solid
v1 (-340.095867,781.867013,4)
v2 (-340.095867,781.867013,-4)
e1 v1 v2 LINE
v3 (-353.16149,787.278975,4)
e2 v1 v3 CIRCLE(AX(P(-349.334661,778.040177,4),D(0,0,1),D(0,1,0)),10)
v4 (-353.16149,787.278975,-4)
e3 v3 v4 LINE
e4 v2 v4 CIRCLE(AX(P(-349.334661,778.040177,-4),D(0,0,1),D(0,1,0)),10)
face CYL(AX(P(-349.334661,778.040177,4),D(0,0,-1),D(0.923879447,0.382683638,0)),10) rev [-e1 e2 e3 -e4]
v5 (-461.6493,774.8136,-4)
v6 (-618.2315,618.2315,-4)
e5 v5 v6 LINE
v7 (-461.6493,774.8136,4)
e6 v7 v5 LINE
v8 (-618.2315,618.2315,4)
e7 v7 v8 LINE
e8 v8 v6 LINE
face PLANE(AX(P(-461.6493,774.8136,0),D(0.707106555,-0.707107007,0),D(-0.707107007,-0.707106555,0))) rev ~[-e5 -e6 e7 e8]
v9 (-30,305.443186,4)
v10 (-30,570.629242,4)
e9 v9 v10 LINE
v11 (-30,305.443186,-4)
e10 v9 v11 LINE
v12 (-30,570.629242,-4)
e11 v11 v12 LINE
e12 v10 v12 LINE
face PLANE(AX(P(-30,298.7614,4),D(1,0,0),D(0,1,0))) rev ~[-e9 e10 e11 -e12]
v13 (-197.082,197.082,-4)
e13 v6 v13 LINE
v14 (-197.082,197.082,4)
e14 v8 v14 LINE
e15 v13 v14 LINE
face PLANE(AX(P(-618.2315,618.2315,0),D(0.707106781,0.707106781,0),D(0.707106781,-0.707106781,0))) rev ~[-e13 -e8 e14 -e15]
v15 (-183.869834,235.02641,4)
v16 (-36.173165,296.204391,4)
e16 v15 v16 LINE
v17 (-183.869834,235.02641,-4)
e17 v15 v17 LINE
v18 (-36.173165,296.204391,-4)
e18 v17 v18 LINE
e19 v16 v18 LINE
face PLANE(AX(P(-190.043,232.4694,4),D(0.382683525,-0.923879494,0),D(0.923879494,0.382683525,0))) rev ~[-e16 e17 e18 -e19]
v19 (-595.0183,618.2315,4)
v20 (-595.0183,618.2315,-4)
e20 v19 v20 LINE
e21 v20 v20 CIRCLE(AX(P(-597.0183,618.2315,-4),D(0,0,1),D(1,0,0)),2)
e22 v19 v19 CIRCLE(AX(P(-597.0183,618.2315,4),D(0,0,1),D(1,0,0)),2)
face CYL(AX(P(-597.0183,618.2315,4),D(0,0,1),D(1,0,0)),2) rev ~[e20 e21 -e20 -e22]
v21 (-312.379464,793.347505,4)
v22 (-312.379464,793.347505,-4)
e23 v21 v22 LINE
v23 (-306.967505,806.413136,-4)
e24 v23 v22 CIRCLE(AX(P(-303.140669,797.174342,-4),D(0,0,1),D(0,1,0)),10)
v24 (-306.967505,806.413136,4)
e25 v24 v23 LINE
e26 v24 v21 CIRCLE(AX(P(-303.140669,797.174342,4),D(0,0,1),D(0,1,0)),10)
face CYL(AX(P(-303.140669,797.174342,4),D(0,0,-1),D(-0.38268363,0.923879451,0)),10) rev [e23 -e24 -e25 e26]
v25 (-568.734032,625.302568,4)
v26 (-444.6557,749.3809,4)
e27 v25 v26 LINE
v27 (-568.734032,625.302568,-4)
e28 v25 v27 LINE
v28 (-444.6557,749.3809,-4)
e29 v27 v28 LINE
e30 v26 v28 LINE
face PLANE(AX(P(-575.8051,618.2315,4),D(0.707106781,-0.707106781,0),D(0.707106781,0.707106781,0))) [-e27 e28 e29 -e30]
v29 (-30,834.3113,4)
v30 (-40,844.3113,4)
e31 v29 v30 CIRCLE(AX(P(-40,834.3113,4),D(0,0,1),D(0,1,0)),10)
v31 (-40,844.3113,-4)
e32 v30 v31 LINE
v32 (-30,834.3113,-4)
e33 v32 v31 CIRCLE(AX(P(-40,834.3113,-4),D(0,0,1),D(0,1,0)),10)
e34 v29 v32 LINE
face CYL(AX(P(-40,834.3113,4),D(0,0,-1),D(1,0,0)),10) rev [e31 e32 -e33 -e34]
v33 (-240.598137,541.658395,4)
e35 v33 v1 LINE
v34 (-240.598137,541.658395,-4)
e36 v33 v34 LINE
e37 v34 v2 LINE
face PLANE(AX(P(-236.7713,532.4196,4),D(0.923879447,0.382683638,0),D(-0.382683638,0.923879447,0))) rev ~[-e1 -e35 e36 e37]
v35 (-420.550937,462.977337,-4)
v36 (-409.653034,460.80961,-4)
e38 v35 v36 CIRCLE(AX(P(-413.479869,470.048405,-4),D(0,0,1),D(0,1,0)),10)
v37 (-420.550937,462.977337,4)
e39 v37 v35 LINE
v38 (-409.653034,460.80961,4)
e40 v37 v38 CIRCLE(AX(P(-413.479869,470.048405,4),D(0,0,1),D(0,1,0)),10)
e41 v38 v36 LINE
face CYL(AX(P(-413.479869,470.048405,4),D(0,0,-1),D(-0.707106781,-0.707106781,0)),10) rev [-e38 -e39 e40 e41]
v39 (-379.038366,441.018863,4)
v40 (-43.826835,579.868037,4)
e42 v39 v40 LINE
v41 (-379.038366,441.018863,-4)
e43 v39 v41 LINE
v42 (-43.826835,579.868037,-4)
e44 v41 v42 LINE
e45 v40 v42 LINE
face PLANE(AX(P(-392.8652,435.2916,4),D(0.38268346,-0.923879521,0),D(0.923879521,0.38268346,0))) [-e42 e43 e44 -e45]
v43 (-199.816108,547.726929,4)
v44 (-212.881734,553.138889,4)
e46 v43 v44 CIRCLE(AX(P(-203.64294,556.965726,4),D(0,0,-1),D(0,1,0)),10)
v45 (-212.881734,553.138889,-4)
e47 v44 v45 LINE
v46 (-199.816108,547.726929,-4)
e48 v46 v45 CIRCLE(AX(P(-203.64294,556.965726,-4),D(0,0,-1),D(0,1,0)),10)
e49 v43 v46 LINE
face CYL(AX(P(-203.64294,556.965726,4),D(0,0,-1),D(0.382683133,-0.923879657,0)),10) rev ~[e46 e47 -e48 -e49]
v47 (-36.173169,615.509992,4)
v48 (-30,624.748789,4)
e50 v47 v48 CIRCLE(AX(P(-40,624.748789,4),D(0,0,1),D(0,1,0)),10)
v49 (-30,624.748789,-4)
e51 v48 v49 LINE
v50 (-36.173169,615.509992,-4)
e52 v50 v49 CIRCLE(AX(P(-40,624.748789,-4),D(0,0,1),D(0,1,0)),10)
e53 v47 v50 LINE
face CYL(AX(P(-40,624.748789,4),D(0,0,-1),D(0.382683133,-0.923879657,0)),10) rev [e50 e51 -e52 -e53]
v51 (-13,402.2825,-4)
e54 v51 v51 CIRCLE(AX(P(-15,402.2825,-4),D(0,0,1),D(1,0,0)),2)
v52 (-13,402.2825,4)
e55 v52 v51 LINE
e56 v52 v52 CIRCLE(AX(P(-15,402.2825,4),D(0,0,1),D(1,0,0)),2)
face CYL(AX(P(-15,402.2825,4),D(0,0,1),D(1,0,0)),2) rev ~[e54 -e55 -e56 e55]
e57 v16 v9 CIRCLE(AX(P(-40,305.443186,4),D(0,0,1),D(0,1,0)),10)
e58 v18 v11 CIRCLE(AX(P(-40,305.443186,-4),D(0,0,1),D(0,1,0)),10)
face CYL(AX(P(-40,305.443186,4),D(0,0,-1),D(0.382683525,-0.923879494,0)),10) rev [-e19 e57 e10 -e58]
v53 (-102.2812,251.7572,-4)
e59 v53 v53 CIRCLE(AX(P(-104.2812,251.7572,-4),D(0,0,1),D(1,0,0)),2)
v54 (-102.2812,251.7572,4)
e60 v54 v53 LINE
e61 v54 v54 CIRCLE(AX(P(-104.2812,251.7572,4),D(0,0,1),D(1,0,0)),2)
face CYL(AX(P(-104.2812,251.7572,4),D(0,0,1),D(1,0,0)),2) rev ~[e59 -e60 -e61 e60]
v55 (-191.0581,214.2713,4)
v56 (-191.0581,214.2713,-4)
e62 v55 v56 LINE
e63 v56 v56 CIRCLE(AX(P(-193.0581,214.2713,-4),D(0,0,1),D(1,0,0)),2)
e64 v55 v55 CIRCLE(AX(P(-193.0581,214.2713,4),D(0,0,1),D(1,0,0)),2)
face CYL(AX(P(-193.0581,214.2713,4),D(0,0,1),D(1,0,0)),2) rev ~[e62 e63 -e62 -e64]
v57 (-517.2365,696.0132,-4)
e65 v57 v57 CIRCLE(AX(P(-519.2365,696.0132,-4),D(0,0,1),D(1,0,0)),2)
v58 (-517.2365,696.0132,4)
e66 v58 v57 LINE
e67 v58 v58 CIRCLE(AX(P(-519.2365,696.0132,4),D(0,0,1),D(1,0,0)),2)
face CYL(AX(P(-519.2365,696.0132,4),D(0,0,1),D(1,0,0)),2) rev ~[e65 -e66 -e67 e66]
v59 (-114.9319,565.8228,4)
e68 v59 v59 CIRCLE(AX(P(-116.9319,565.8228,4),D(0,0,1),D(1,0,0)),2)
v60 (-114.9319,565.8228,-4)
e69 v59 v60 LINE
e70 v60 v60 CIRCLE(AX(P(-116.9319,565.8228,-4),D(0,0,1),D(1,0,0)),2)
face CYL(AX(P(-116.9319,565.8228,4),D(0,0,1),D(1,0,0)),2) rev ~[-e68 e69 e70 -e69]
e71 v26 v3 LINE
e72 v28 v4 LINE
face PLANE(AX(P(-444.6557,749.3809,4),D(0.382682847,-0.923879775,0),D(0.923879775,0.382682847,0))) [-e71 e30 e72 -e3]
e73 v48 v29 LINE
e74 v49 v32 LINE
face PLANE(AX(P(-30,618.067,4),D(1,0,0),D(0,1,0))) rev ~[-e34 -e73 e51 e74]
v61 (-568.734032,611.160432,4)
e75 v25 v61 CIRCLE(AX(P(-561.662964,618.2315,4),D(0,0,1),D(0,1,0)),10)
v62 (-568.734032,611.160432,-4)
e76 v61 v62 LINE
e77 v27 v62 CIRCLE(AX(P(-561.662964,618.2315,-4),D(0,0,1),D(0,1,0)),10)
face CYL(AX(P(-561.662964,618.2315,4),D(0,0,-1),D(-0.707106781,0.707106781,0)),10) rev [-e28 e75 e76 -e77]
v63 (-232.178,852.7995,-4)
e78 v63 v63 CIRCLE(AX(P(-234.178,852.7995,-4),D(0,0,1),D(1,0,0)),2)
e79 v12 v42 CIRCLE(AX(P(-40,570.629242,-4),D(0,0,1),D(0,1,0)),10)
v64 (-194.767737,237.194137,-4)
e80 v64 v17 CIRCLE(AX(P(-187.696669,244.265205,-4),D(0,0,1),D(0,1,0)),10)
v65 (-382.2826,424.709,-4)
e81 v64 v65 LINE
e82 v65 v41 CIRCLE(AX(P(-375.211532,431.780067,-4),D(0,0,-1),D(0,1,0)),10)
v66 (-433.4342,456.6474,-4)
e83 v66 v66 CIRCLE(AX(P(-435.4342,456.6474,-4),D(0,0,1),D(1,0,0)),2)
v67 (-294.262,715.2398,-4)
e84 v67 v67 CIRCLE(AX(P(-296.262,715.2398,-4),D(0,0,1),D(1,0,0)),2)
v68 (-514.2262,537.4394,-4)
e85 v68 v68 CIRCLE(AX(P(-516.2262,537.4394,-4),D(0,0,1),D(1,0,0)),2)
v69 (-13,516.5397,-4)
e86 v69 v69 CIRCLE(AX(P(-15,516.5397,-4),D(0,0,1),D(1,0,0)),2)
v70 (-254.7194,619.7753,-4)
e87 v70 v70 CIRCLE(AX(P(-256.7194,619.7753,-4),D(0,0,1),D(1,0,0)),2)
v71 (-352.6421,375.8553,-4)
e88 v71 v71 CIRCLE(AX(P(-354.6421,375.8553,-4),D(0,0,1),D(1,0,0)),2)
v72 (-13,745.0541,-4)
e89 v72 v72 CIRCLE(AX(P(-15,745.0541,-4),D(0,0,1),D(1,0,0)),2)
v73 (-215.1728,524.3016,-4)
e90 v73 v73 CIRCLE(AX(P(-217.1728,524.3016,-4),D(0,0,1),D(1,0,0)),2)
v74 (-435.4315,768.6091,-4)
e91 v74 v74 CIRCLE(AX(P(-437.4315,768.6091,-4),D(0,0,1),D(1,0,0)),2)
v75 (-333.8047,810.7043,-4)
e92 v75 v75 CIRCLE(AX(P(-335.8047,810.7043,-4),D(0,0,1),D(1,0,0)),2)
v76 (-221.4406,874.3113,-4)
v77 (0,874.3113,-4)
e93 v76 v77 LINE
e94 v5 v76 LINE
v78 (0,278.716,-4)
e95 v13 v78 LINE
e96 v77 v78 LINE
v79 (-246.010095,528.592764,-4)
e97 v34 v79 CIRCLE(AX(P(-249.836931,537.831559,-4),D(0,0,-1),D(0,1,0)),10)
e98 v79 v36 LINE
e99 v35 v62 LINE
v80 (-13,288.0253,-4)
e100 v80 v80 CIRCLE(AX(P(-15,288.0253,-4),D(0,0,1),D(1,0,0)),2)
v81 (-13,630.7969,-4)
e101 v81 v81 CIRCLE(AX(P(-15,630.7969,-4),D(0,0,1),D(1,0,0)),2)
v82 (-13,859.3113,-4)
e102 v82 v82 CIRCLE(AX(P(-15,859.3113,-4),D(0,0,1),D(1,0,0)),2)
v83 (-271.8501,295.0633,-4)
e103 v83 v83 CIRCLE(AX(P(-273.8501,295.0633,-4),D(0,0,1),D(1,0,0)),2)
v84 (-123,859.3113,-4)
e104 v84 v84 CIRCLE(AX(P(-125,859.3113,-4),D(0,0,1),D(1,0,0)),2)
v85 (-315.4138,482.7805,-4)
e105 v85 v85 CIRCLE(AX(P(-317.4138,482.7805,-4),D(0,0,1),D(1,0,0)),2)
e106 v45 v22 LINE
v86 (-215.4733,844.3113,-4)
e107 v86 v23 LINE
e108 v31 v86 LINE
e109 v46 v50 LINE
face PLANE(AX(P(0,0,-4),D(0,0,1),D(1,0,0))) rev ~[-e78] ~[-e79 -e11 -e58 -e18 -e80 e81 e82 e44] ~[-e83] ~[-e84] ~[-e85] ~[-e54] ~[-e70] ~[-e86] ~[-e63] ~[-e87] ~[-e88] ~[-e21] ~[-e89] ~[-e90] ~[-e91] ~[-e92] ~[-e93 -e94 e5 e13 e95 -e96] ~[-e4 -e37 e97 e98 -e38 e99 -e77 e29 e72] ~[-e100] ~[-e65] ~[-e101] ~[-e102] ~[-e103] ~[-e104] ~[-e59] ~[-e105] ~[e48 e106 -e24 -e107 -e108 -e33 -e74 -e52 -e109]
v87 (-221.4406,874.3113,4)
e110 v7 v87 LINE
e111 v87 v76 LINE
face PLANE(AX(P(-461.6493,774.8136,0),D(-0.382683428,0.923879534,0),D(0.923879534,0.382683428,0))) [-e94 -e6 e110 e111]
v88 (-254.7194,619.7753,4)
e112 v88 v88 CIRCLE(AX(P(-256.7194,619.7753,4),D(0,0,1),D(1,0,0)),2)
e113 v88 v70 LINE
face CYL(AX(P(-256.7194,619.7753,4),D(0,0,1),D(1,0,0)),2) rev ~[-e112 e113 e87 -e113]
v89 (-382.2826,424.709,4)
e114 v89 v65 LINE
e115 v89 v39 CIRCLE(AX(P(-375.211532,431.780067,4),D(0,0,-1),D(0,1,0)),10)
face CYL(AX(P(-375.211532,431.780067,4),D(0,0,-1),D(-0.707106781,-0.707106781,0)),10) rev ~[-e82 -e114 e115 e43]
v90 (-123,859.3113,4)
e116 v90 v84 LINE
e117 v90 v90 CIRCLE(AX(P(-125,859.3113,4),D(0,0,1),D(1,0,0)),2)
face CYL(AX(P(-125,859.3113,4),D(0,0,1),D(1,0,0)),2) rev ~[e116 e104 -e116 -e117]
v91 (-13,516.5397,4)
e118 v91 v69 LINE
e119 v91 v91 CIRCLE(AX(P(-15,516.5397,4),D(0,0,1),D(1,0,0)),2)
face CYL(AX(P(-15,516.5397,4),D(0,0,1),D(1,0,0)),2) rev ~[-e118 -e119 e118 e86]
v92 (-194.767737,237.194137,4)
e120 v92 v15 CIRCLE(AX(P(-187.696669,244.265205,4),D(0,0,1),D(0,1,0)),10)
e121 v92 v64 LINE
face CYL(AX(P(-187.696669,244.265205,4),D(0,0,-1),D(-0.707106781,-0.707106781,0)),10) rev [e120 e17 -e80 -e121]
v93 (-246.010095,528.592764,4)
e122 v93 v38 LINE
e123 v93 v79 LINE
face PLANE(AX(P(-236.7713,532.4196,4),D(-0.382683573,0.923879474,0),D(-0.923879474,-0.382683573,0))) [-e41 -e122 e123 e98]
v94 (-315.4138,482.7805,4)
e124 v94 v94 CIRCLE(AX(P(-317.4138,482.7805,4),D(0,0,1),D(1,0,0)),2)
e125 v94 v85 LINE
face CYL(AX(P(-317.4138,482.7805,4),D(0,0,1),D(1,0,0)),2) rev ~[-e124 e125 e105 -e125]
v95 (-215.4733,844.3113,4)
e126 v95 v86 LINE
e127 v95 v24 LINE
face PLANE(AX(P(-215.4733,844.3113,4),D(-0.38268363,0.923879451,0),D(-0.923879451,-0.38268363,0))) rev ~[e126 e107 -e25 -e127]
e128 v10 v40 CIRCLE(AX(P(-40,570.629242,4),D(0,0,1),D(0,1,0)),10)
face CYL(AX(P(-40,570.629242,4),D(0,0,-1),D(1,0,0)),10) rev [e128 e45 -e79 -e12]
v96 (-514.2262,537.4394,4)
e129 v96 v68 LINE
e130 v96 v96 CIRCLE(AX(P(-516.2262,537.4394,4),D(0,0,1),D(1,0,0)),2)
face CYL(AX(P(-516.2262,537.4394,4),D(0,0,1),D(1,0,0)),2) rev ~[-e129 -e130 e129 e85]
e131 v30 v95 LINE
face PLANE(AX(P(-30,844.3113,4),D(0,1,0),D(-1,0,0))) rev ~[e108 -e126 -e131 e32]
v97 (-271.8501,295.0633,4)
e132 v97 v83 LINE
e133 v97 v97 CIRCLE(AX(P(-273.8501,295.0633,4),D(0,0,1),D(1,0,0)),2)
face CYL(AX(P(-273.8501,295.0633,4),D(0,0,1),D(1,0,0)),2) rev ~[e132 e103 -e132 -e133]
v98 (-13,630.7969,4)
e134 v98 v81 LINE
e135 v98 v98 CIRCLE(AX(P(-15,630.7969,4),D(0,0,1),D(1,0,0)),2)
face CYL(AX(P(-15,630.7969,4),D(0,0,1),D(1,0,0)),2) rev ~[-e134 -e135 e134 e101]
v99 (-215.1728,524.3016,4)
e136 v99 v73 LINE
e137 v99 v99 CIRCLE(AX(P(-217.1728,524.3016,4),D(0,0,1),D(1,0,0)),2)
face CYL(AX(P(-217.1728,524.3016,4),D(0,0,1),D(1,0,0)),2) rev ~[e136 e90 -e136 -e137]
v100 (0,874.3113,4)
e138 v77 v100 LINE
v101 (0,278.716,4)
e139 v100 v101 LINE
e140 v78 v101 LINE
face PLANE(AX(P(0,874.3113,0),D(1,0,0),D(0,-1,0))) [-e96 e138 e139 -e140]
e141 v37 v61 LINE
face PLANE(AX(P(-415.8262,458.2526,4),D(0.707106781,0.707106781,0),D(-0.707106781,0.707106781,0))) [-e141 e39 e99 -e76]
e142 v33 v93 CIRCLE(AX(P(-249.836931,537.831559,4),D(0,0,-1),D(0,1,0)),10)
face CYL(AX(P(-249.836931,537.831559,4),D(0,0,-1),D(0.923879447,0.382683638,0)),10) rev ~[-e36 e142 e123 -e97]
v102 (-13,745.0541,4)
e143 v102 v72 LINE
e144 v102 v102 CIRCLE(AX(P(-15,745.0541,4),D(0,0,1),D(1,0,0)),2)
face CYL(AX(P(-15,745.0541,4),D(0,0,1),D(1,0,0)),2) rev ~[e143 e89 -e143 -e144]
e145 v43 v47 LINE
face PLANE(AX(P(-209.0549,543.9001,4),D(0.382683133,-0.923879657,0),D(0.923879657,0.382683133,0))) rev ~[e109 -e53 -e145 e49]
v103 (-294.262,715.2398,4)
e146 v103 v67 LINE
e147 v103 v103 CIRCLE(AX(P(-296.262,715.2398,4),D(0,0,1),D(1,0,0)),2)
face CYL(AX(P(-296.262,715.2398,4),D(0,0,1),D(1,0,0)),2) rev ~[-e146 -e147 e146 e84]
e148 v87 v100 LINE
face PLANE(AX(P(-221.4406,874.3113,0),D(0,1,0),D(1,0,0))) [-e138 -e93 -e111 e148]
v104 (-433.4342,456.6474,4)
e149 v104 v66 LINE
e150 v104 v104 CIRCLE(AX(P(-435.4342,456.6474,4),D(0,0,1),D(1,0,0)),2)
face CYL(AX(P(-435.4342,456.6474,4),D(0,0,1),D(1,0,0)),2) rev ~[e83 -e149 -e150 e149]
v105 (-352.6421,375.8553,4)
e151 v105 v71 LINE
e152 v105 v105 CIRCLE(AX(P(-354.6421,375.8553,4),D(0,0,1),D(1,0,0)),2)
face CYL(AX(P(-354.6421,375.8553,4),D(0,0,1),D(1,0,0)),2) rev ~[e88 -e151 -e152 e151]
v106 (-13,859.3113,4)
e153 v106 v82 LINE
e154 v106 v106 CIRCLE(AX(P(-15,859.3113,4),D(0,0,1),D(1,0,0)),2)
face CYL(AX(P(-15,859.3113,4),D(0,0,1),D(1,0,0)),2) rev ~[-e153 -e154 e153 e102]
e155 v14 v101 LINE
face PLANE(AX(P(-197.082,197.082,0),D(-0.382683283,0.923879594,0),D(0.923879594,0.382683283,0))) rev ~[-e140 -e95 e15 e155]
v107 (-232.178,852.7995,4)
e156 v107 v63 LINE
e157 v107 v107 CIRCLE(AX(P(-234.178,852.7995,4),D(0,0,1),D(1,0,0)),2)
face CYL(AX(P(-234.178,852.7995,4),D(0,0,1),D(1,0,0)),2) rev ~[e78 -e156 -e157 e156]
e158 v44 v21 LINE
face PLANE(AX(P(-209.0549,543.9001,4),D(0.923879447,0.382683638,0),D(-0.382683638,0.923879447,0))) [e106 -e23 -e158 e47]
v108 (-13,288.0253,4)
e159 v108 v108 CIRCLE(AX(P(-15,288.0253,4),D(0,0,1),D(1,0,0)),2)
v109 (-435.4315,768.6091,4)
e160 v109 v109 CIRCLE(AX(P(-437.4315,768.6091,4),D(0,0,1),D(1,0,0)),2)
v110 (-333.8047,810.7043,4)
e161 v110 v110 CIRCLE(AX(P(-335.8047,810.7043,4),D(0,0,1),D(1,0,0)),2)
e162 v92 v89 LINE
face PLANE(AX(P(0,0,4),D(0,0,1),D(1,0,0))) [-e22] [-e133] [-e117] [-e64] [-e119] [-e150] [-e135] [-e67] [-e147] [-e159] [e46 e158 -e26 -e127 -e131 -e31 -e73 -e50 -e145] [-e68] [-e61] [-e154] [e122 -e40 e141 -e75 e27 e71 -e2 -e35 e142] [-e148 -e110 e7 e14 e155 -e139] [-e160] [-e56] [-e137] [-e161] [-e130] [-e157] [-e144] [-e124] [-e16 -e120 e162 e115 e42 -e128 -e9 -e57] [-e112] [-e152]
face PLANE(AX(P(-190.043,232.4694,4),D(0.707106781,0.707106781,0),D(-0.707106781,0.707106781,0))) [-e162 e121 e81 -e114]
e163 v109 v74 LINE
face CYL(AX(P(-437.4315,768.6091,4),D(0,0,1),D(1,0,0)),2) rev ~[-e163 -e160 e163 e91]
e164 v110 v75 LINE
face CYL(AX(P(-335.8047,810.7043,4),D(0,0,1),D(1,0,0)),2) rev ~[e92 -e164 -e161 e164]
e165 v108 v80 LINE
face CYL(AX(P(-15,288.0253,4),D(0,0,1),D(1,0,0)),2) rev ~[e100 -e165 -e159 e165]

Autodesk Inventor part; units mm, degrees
ref_plane "YZ Plane" through (0, 0, 0) normal (1, 0, 0) x (0, 1, 0)
ref_plane "XZ Plane" through (0, 0, 0) normal (0, 1, 0) x (-1, 0, 0)
ref_plane "XY Plane" through (0, 0, 0) normal (0, 0, 1) x (1, 0, 0)
sketch "Sketch1" plane through (0, 0, 0) normal (0, 0, 1) x (1, 0, 0)
  line L0 (0, 278.716) -> (197.082, 197.082) construction
  line L1 (197.082, 197.082) -> (278.716, 0) construction
  line L2 (278.716, 0) -> (197.082, -197.082) construction
  line L3 (197.082, -197.082) -> (0, -278.716) construction
  line L4 (0, -278.716) -> (-197.082, -197.082) construction
  line L5 (-197.082, -197.082) -> (-278.716, 0) construction
  line L6 (-278.716, 0) -> (-197.082, 197.082) construction
  line L7 (-197.082, 197.082) -> (0, 278.716)
  line L8 (-197.082, 197.082) -> (0, 278.716)
  line L9 (-461.6493, 774.8136) -> (-221.4406, 874.3113)
  line L10 (-98.541, 237.899) -> (-341.545, 824.5625) construction
  line L11 (-221.4406, 874.3113) -> (0, 874.3113)
  line L12 (0, 874.3113) -> (0, 278.716)
  line L13 (-461.6493, 774.8136) -> (-618.2315, 618.2315)
  line L14 (-618.2315, 618.2315) -> (-197.082, 197.082)
  point P0 (0, 0)
  point P1 (0, 0)
  dimension "d0" = 515
  dimension "d2" = 260
  dimension "d3" = 635
extrude "Extrusion1" add sketch "Sketch1" along normal mid plane 8
sketch "Sketch2" plane through (0, 0, 4) normal (0, 0, 1) x (1, 0, 0)
  line L0 (-221.4406, 874.3113) -> (-461.6493, 774.8136) projected
  line L1 (-461.6493, 774.8136) -> (-618.2315, 618.2315) projected
  line L2 (-236.7713, 532.4196) -> (-415.8262, 458.2526)
  line L3 (-197.082, 197.082) -> (0, 278.716) projected
  line L4 (-98.541, 237.899) -> (-341.545, 824.5625) construction
  line L5 (-618.2315, 618.2315) -> (-197.082, 197.082) projected
  line L6 (-415.8262, 458.2526) -> (-575.8051, 618.2315)
  line L7 (-575.8051, 618.2315) -> (-444.6557, 749.3809)
  line L8 (-444.6557, 749.3809) -> (-343.9227, 791.1058)
  line L9 (-236.7713, 532.4196) -> (-343.9227, 791.1058)
  line L10 (-209.0549, 543.9001) -> (-30, 618.067)
  line L11 (-30, 618.067) -> (-30, 844.3113)
  line L12 (-30, 844.3113) -> (-215.4733, 844.3113)
  line L13 (-215.4733, 844.3113) -> (-316.2063, 802.5863)
  line L14 (-209.0549, 543.9001) -> (-316.2063, 802.5863)
  line L15 (0, 278.716) -> (0, 874.3113) projected
  line L16 (-415.8262, 458.2526) -> (-30, 618.067) construction
  line L17 (-392.8652, 435.2916) -> (-30, 585.5953)
  line L18 (-190.043, 232.4694) -> (-30, 298.7614)
  line L19 (-30, 298.7614) -> (-30, 585.5953)
  line L20 (-190.043, 232.4694) -> (-392.8652, 435.2916)
  point P0 (0, 0)
  dimension "d11" = 30
  dimension "d12" = 280
  dimension "d13" = 30
  dimension "d14" = 30
  dimension "d15" = 15
  dimension "d21" = 30
  dimension "d22" = 30
  dimension "d23" = 30
  dimension "d24" = 30
extrude "Extrusion2" cut sketch "Sketch2" against normal up to surface (8 mm away)
fillet "Fillet1" radius 10 12 edges at (-575.8051, 618.2315, 0) (-343.9227, 791.1058, 0) (-236.7713, 532.4196, 0) (-415.8262, 458.2526, 0) (-316.2063, 802.5863, 0) (-30, 844.3113, 0) (-30, 618.067, 0) (-209.0549, 543.9001, 0) (-392.8652, 435.2916, 0) (-30, 585.5953, 0) (-30, 298.7614, 0) (-190.043, 232.4694, 0)
sketch "Sketch5" plane through (0, 0, 4) normal (0, 0, 1) x (1, 0, 0)
  line L0 (-221.4406, 874.3113) -> (-461.6493, 774.8136) projected
  line L1 (0, 874.3113) -> (-221.4406, 874.3113) projected
  line L2 (-461.6493, 774.8136) -> (-618.2315, 618.2315) projected
  line L3 (-618.2315, 618.2315) -> (-197.082, 197.082) projected
  line L4 (-197.082, 197.082) -> (0, 278.716) projected
  line L5 (0, 278.716) -> (0, 874.3113) projected
  line L6 (-15, 859.3113) -> (-218.4569, 859.3113) construction
  line L7 (-218.4569, 859.3113) -> (-453.1525, 762.0973) construction
  line L8 (-453.1525, 762.0973) -> (-597.0183, 618.2315) construction
  line L9 (-597.0183, 618.2315) -> (-193.5625, 214.7757) construction
  line L10 (-193.5625, 214.7757) -> (-15, 288.7387) construction
  line L11 (-15, 288.7387) -> (-15, 859.3113) construction
  line L12 (-379.0384, 441.0189) -> (-43.8268, 579.868) projected
  line L13 (-212.8817, 553.1389) -> (-312.3794, 793.3476) projected
  line L14 (-419.3457, 440.5589) -> (-15, 608.0444) construction
  line L15 (-217.1728, 524.3016) -> (-335.8047, 810.7043) construction
  circle A0 centre (-335.8047, 810.7043) radius 2
  circle A1 centre (-217.1728, 524.3016) radius 2
  circle A2 centre (-296.262, 715.2398) radius 2
  circle A3 centre (-256.7194, 619.7753) radius 2
  circle A4 centre (-597.0183, 618.2315) radius 2
  circle A5 centre (-516.2262, 537.4394) radius 2
  circle A6 centre (-435.4342, 456.6474) radius 2
  circle A7 centre (-354.6421, 375.8553) radius 2
  circle A8 centre (-273.8501, 295.0633) radius 2
  circle A9 centre (-193.0581, 214.2713) radius 2
  circle A10 centre (-317.4138, 482.7805) radius 2
  circle A11 centre (-104.2812, 251.7572) radius 2
  circle A12 centre (-519.2365, 696.0132) radius 2
  circle A13 centre (-437.4315, 768.6091) radius 2
  circle A14 centre (-15, 859.3113) radius 2
  circle A15 centre (-15, 745.0541) radius 2
  circle A16 centre (-15, 630.7969) radius 2
  circle A17 centre (-15, 516.5397) radius 2
  circle A18 centre (-15, 402.2825) radius 2
  circle A19 centre (-15, 288.0253) radius 2
  circle A20 centre (-116.9319, 565.8228) radius 2
  circle A21 centre (-125, 859.3113) radius 2
  circle A22 centre (-234.178, 852.7995) radius 2
  point P0 (0, 0)
  dimension "d32" = 15
  dimension "d33" = 15
  dimension "d34" = 15
  dimension "d35" = 4
  dimension "d37" = 103.33
  dimension "d38" = 103.33
  dimension "d43" = 114.2572
  dimension "d49" = 108.5
  dimension "d50" = 110
  dimension "d51" = 110
extrude "Extrusion4" cut sketch "Sketch5" against normal up to surface (8 mm away) contours A0 | A1 | A2 | A3 | A4 | A5 | A6 | A7 | A8 | A9 | A10 | A11 | A12 | A13 | A14 | A15 | A16 | A17 | A18 | A19 | A20 | A21 | A22
equation "\"d0\" = Барабан_размер_по_плоскостям"
equation "\"d2\" = Кассета_длина_грани"
equation "\"d3\" = Кассета_высота"
equation "\"d11\" = d13"
equation "\"d14\" = d13"
equation "\"d15\" = 0.5 * d13"
equation "\"d21\" = d13"
equation "\"d22\" = d13"
equation "\"d23\" = d13"
equation "\"d24\" = d13"
equation "\"Барабан_размер_по_плоскостям\" = 515"
equation "\"Кассета_длина_грани\" = 260"
equation "\"Кассета_высота\" = 635"
properties part number "DMF 01 56 Крепление сетки к кассете v2.1"
